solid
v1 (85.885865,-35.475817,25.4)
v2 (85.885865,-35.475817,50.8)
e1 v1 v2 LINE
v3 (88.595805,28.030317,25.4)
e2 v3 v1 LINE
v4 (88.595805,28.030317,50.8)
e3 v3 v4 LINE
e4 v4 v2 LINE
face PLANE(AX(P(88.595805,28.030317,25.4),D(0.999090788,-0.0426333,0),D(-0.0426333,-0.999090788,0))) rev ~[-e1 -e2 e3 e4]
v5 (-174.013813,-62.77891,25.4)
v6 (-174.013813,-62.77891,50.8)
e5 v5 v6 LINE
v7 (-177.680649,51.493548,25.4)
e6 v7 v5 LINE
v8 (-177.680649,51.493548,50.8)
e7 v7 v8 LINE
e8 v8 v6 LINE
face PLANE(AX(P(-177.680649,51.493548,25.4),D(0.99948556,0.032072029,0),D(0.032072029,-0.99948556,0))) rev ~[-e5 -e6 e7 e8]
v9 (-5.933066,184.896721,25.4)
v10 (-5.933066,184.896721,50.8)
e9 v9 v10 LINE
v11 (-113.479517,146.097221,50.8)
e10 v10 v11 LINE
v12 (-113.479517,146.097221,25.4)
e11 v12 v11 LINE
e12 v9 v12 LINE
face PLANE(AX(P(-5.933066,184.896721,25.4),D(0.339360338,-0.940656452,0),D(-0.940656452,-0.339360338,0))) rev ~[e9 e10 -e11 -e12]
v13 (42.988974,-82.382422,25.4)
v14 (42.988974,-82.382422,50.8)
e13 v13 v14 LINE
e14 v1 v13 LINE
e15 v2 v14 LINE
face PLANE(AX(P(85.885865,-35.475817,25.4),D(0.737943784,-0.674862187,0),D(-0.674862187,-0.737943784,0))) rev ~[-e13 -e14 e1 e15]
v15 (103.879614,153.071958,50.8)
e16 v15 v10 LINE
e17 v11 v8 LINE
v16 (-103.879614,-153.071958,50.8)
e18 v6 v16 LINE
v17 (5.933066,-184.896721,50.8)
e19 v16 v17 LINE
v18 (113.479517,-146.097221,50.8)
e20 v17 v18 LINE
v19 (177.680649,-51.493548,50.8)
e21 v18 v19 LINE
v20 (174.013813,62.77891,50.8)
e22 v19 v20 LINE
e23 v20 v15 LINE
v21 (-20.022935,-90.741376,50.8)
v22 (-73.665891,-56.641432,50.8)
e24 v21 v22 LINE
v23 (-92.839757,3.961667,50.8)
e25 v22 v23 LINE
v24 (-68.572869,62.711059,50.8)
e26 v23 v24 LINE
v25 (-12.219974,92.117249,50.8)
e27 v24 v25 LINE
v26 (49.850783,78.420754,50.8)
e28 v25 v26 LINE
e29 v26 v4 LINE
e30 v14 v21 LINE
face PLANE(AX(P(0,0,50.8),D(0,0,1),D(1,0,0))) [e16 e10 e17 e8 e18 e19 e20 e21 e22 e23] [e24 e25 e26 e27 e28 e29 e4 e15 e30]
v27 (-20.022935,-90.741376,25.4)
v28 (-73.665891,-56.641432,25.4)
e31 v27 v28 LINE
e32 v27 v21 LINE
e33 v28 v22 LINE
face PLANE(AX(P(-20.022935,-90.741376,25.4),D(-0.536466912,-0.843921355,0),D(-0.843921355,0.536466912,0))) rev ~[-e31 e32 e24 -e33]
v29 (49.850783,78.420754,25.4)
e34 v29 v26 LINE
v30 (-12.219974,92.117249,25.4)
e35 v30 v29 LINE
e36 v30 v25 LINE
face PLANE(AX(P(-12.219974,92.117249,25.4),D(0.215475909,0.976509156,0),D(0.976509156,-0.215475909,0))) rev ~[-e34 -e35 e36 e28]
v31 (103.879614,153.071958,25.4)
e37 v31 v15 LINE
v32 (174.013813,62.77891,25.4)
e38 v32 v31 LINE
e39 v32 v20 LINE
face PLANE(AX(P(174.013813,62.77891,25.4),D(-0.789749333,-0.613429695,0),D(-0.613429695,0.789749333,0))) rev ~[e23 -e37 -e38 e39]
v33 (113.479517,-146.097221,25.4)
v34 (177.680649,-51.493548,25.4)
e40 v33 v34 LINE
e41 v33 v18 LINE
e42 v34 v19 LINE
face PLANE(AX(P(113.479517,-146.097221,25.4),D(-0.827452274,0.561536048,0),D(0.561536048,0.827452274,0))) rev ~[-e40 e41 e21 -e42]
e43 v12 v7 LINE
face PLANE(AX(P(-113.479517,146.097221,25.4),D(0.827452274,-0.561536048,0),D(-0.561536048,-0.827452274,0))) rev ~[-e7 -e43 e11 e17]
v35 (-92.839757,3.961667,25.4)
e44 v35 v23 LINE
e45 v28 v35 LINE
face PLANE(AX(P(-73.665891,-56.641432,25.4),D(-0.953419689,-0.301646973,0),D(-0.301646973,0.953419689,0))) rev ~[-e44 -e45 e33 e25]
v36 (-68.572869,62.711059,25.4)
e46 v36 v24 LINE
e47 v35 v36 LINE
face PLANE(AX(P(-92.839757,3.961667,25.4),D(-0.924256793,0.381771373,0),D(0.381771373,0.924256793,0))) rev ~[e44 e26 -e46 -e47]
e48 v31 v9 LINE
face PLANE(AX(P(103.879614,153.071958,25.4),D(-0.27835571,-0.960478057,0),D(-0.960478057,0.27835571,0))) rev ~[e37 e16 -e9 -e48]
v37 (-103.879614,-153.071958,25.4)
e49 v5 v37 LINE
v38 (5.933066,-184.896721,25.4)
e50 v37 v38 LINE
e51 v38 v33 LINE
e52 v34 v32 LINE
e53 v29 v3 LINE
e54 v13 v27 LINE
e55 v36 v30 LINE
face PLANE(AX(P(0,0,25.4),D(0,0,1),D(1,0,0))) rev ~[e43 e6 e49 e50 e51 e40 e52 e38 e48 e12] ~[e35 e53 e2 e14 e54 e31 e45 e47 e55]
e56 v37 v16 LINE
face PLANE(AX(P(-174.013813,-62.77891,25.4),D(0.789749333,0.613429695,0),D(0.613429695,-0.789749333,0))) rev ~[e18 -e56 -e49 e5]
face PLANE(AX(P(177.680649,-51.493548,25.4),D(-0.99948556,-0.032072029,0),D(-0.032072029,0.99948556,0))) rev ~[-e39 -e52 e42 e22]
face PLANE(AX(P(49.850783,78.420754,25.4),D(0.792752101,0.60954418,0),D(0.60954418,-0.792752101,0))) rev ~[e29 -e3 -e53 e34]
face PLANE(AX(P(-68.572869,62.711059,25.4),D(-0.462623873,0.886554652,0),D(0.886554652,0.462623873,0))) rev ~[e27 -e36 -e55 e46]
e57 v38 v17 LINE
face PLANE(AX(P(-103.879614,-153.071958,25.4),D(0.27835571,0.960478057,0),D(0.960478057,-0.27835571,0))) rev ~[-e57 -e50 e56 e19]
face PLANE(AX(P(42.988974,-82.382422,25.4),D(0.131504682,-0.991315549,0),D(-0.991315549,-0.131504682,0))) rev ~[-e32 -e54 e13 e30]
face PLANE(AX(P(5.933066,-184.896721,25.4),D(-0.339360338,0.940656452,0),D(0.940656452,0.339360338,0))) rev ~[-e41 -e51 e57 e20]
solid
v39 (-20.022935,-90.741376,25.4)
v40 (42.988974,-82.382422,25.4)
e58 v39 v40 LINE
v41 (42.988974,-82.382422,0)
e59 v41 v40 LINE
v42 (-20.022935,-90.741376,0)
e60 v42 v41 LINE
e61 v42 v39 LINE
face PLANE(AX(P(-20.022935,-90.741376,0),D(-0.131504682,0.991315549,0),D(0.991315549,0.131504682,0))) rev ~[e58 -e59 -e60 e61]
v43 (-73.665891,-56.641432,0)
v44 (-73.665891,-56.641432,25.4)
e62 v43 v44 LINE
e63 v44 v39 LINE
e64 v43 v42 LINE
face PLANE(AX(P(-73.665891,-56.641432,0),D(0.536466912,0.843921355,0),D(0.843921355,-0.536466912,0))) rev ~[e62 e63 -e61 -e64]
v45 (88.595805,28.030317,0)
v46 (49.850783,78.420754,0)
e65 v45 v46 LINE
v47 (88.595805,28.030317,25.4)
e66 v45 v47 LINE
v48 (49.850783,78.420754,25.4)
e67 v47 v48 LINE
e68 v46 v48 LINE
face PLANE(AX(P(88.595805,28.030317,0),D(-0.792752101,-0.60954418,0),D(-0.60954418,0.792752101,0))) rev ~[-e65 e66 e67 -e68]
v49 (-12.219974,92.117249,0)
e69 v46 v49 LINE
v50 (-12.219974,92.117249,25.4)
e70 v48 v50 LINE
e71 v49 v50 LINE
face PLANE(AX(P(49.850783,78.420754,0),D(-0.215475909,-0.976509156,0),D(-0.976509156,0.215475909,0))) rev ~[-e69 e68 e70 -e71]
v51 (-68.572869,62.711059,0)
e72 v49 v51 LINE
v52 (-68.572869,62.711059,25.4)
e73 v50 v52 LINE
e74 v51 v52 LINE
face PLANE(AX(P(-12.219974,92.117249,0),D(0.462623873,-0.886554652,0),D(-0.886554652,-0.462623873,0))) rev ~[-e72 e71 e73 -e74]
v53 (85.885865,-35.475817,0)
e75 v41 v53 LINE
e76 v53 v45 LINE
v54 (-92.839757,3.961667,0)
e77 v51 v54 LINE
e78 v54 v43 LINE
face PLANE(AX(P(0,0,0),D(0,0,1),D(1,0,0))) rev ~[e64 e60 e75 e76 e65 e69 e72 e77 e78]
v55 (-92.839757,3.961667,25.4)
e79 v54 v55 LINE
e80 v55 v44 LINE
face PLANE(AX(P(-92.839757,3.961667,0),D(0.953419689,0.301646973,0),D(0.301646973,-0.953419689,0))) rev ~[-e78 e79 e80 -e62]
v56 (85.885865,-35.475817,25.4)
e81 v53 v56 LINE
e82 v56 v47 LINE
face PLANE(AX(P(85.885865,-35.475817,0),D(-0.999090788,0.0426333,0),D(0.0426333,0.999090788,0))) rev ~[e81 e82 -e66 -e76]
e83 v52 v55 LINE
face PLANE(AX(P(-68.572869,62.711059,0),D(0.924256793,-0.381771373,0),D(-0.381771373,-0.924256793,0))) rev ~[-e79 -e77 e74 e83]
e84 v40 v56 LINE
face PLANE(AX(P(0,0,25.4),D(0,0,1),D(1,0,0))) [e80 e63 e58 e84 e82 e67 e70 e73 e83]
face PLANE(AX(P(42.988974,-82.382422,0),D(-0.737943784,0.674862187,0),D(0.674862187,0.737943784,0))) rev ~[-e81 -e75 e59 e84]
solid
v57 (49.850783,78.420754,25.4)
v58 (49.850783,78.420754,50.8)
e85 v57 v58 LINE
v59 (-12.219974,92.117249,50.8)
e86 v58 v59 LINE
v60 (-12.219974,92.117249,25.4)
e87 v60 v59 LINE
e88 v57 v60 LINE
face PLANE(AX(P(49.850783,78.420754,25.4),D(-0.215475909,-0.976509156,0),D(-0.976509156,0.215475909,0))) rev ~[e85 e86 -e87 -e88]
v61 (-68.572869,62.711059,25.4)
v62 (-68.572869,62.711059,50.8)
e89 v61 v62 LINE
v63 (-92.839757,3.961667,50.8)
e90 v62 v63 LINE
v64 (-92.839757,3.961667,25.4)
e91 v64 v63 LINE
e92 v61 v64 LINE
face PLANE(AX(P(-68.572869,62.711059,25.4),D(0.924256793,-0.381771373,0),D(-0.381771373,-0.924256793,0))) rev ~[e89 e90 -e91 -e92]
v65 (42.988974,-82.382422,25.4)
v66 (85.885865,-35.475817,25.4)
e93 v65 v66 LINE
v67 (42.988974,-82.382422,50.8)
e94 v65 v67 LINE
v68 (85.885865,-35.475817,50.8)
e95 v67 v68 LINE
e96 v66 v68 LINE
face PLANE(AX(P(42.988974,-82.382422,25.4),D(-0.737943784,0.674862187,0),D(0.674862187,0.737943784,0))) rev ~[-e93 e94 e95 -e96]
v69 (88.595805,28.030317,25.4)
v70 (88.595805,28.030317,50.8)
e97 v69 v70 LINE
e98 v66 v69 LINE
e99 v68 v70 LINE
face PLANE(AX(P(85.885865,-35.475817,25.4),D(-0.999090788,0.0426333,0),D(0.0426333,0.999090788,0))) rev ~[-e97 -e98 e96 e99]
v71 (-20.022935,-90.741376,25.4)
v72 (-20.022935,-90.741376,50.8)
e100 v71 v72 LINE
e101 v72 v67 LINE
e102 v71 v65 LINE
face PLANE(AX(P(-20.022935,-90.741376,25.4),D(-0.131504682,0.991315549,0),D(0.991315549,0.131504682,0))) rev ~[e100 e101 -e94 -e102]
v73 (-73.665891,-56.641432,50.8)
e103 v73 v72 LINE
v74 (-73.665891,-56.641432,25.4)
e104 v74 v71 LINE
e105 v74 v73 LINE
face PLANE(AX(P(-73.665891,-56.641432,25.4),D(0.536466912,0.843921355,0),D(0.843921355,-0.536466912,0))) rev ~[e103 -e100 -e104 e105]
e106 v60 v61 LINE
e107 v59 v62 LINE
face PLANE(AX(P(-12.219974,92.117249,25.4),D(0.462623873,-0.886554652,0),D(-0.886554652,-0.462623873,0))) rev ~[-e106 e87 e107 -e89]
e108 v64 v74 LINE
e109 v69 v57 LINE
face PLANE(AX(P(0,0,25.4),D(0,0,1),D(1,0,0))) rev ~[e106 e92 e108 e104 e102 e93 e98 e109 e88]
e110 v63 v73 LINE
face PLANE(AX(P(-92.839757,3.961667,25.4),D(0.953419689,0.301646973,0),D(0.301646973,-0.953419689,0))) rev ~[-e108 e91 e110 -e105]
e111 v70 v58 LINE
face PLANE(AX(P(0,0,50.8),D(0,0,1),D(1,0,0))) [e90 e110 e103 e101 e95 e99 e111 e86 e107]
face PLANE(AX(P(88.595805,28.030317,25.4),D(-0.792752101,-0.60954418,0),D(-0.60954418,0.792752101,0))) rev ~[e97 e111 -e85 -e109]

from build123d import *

# Parameters (mm, degrees)
F1_DEPTH = 25.4
F3_DEPTH = 25.4
F4_DEPTH = 25.4


with BuildPart() as f1:
    # F0 (on Top) → F1 (new body)
    with BuildSketch(Plane.XY):
        Polygon((42.988974, -82.382422), (85.885865, -35.475817), (88.595805, 28.030317), (49.850783, 78.420754), (-12.219974, 92.117249), (-68.572869, 62.711059), (-92.839757, 3.961667), (-73.665891, -56.641432), (-20.022935, -90.741376), align=None)
    extrude(amount=F1_DEPTH)


with BuildPart() as f3:
    # F2 (on face) → F3 (new body)
    with BuildSketch(Plane.XY.offset(25.4)):
        Polygon((113.479517, -146.097221), (177.680649, -51.493548), (174.013813, 62.77891), (103.879614, 153.071958), (-5.933066, 184.896721), (-113.479517, 146.097221), (-177.680649, 51.493548), (-174.013813, -62.77891), (-103.879614, -153.071958), (5.933066, -184.896721), align=None)
        Polygon((42.988974, -82.382422), (-20.022935, -90.741376), (-73.665891, -56.641432), (-92.839757, 3.961667), (-68.572869, 62.711059), (-12.219974, 92.117249), (49.850783, 78.420754), (88.595805, 28.030317), (85.885865, -35.475817), align=None, mode=Mode.SUBTRACT)
    extrude(amount=F3_DEPTH)


with BuildPart() as f4:
    # F1_face (on face) → F4 (new body)
    with BuildSketch(Plane.XY.offset(25.4)):
        Polygon((-20.022935, -90.741376), (42.988974, -82.382422), (85.885865, -35.475817), (88.595805, 28.030317), (49.850783, 78.420754), (-12.219974, 92.117249), (-68.572869, 62.711059), (-92.839757, 3.961667), (-73.665891, -56.641432), align=None)
    extrude(amount=F4_DEPTH)


solid = Compound([f1.part, f3.part, f4.part])
